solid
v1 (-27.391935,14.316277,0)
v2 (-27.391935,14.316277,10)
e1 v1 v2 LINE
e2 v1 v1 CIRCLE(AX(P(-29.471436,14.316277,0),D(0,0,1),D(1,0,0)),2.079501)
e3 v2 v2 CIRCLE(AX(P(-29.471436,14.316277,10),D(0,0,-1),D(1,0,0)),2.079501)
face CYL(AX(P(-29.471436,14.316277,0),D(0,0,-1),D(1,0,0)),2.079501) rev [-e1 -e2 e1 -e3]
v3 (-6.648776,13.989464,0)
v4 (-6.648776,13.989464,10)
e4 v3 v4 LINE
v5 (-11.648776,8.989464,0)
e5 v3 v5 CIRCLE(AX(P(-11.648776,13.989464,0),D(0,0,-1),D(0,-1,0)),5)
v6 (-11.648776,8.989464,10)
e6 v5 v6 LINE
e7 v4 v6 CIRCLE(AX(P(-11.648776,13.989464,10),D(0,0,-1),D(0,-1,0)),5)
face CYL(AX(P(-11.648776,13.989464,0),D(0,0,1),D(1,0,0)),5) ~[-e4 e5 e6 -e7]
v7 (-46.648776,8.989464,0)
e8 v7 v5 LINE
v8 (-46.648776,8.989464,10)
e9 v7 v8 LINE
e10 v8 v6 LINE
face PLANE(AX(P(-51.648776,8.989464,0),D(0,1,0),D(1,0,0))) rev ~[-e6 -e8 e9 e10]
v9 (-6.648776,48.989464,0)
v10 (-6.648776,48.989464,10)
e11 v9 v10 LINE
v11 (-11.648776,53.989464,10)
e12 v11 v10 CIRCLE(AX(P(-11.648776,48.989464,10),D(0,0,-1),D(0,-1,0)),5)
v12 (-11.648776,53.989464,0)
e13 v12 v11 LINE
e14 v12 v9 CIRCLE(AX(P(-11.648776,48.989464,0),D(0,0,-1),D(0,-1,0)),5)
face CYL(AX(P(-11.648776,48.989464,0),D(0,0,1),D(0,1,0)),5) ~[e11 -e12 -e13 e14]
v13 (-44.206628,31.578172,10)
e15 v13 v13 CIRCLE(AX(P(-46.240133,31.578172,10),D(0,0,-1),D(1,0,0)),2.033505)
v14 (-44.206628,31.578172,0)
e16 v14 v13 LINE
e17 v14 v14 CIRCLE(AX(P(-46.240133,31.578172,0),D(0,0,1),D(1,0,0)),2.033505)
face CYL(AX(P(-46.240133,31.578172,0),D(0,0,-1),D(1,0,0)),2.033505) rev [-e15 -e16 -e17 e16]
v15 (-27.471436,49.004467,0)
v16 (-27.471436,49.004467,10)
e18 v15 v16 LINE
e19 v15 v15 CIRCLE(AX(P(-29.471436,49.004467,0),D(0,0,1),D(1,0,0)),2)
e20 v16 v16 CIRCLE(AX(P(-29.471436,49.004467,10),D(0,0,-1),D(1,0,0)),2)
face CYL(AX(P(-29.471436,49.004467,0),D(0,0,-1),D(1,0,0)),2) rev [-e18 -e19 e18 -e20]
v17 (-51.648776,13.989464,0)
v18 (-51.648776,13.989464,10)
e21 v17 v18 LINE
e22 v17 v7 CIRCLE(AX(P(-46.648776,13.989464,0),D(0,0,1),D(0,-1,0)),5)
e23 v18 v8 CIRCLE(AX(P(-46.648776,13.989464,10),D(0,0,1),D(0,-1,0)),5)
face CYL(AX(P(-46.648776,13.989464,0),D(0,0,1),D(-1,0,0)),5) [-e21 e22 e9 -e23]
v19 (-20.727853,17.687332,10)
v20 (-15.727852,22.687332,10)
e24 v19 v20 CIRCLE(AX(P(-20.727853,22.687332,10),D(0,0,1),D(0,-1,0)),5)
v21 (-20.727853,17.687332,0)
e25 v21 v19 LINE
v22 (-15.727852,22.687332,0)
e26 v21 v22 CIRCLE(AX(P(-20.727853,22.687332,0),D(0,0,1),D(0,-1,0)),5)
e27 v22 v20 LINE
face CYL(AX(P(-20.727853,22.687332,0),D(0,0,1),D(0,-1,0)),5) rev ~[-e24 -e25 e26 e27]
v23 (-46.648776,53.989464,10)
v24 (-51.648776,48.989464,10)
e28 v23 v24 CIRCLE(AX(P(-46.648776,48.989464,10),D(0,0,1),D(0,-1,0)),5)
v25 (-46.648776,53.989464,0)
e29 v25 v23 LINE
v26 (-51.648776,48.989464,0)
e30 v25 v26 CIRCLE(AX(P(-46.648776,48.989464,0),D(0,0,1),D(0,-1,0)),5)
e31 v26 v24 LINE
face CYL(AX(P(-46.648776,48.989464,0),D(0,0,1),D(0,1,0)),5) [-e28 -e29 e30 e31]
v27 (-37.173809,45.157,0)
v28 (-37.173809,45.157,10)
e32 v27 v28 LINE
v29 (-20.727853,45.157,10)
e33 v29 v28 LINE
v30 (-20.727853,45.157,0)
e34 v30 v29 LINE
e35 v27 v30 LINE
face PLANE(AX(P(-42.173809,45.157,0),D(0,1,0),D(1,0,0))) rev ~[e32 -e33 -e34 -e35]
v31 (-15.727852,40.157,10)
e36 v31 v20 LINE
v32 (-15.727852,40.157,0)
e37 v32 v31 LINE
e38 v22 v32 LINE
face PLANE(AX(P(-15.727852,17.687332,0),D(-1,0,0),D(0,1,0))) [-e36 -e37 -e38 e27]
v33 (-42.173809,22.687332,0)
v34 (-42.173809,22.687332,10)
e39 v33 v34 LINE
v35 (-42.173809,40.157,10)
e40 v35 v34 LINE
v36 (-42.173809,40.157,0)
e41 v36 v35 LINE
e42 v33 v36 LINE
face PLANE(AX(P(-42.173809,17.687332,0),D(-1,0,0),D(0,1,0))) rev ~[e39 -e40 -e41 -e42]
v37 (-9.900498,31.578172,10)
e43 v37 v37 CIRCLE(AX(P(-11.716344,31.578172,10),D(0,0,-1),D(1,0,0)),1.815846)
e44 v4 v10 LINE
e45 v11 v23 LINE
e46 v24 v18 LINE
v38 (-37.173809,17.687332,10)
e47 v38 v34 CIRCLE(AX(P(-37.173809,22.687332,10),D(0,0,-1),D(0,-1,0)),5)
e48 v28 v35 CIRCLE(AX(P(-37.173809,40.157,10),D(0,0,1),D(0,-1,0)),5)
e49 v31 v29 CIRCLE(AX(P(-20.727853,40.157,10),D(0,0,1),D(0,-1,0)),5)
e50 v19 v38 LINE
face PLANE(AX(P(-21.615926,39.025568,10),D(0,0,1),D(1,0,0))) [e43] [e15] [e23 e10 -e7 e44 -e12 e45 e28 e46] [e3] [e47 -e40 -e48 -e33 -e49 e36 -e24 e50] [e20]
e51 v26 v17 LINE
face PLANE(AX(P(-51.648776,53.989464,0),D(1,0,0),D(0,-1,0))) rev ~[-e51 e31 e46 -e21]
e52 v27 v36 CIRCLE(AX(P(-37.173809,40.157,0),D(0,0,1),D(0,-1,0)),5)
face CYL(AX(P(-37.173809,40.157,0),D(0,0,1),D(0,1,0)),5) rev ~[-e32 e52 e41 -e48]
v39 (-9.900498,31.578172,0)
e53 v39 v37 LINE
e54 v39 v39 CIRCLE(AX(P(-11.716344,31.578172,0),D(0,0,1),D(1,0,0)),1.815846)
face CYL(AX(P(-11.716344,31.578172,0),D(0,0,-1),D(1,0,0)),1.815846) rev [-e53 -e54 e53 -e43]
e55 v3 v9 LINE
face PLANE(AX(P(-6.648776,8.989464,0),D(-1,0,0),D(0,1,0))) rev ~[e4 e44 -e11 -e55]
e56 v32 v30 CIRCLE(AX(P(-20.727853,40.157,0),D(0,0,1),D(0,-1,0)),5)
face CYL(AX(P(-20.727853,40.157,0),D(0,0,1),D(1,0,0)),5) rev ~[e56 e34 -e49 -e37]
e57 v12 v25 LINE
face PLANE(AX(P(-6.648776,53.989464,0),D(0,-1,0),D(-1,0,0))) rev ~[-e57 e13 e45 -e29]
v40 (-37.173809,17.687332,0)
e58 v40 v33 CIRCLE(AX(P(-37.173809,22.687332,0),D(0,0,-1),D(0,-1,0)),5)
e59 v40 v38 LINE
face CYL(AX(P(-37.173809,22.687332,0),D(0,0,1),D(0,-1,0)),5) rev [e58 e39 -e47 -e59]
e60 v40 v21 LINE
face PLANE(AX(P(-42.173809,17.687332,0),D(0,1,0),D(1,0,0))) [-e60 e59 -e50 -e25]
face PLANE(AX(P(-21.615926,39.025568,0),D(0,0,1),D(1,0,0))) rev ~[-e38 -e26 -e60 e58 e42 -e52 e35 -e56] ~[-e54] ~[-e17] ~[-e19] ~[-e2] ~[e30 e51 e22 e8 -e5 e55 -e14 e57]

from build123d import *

# Parameters (mm, degrees)
F0_W     = 23.217392
F0_H     = 21.835592
F1_DEPTH = 10
F2_W     = 26.445957
F2_H     = 27.469668
F3_DEPTH = 25
F4_R     = 5
F5_R     = 5
F6_R     = 2
F6_R_2   = 2.033505
F6_R_3   = 2.079501
F6_R_4   = 1.815846
F7_DEPTH = 25


with BuildPart() as f1:
    # F0 (on Top) → F1 (new body)
    with BuildSketch(Plane.XY):
        Polygon((-6.648776, 53.989464), (-51.648776, 53.989464), (-40.906838, 42.266803), (-17.689446, 42.266803), (-17.689446, 20.431211), (-6.648776, 8.989464), align=None)
        Polygon((-40.906838, 42.266803), (-51.648776, 53.989464), (-51.648776, 8.989464), (-6.648776, 8.989464), (-17.689446, 20.431211), (-40.906838, 20.431211), align=None)
        with Locations((-29.298142, 31.349007)):
            Rectangle(F0_W, F0_H)
    extrude(amount=F1_DEPTH)

    # F2 (on Top) → F3 (cut)
    with BuildSketch(Plane.XY):
        with Locations((-28.950831, 31.422166)):
            Rectangle(F2_W, F2_H)
    extrude(amount=F3_DEPTH, mode=Mode.SUBTRACT)

    # F4
    f4_edges = [f1.edges().sort_by_distance(p)[0] for p in [
        (-51.648776, 8.989464, 5),
        (-51.648776, 53.989464, 5),
        (-6.648776, 53.989464, 5),
        (-6.648776, 8.989464, 5),
    ]]
    fillet(f4_edges, radius=F4_R)

    # F5
    f5_edges = [f1.edges().sort_by_distance(p)[0] for p in [
        (-42.17381, 17.687332, 5),
        (-42.17381, 45.157, 5),
        (-15.727853, 45.157, 5),
        (-15.727853, 17.687332, 5),
    ]]
    fillet(f5_edges, radius=F5_R)

    # F6 (on Top) → F7 (cut)
    with BuildSketch(Plane.XY):
        with Locations((-29.471436, 49.004467)):
            Circle(F6_R)
        with Locations((-46.240133, 31.578172)):
            Circle(F6_R_2)
        with Locations((-29.471436, 14.316277)):
            Circle(F6_R_3)
        with Locations((-11.716344, 31.578172)):
            Circle(F6_R_4)
    extrude(amount=F7_DEPTH, mode=Mode.SUBTRACT)


solid = f1.part
